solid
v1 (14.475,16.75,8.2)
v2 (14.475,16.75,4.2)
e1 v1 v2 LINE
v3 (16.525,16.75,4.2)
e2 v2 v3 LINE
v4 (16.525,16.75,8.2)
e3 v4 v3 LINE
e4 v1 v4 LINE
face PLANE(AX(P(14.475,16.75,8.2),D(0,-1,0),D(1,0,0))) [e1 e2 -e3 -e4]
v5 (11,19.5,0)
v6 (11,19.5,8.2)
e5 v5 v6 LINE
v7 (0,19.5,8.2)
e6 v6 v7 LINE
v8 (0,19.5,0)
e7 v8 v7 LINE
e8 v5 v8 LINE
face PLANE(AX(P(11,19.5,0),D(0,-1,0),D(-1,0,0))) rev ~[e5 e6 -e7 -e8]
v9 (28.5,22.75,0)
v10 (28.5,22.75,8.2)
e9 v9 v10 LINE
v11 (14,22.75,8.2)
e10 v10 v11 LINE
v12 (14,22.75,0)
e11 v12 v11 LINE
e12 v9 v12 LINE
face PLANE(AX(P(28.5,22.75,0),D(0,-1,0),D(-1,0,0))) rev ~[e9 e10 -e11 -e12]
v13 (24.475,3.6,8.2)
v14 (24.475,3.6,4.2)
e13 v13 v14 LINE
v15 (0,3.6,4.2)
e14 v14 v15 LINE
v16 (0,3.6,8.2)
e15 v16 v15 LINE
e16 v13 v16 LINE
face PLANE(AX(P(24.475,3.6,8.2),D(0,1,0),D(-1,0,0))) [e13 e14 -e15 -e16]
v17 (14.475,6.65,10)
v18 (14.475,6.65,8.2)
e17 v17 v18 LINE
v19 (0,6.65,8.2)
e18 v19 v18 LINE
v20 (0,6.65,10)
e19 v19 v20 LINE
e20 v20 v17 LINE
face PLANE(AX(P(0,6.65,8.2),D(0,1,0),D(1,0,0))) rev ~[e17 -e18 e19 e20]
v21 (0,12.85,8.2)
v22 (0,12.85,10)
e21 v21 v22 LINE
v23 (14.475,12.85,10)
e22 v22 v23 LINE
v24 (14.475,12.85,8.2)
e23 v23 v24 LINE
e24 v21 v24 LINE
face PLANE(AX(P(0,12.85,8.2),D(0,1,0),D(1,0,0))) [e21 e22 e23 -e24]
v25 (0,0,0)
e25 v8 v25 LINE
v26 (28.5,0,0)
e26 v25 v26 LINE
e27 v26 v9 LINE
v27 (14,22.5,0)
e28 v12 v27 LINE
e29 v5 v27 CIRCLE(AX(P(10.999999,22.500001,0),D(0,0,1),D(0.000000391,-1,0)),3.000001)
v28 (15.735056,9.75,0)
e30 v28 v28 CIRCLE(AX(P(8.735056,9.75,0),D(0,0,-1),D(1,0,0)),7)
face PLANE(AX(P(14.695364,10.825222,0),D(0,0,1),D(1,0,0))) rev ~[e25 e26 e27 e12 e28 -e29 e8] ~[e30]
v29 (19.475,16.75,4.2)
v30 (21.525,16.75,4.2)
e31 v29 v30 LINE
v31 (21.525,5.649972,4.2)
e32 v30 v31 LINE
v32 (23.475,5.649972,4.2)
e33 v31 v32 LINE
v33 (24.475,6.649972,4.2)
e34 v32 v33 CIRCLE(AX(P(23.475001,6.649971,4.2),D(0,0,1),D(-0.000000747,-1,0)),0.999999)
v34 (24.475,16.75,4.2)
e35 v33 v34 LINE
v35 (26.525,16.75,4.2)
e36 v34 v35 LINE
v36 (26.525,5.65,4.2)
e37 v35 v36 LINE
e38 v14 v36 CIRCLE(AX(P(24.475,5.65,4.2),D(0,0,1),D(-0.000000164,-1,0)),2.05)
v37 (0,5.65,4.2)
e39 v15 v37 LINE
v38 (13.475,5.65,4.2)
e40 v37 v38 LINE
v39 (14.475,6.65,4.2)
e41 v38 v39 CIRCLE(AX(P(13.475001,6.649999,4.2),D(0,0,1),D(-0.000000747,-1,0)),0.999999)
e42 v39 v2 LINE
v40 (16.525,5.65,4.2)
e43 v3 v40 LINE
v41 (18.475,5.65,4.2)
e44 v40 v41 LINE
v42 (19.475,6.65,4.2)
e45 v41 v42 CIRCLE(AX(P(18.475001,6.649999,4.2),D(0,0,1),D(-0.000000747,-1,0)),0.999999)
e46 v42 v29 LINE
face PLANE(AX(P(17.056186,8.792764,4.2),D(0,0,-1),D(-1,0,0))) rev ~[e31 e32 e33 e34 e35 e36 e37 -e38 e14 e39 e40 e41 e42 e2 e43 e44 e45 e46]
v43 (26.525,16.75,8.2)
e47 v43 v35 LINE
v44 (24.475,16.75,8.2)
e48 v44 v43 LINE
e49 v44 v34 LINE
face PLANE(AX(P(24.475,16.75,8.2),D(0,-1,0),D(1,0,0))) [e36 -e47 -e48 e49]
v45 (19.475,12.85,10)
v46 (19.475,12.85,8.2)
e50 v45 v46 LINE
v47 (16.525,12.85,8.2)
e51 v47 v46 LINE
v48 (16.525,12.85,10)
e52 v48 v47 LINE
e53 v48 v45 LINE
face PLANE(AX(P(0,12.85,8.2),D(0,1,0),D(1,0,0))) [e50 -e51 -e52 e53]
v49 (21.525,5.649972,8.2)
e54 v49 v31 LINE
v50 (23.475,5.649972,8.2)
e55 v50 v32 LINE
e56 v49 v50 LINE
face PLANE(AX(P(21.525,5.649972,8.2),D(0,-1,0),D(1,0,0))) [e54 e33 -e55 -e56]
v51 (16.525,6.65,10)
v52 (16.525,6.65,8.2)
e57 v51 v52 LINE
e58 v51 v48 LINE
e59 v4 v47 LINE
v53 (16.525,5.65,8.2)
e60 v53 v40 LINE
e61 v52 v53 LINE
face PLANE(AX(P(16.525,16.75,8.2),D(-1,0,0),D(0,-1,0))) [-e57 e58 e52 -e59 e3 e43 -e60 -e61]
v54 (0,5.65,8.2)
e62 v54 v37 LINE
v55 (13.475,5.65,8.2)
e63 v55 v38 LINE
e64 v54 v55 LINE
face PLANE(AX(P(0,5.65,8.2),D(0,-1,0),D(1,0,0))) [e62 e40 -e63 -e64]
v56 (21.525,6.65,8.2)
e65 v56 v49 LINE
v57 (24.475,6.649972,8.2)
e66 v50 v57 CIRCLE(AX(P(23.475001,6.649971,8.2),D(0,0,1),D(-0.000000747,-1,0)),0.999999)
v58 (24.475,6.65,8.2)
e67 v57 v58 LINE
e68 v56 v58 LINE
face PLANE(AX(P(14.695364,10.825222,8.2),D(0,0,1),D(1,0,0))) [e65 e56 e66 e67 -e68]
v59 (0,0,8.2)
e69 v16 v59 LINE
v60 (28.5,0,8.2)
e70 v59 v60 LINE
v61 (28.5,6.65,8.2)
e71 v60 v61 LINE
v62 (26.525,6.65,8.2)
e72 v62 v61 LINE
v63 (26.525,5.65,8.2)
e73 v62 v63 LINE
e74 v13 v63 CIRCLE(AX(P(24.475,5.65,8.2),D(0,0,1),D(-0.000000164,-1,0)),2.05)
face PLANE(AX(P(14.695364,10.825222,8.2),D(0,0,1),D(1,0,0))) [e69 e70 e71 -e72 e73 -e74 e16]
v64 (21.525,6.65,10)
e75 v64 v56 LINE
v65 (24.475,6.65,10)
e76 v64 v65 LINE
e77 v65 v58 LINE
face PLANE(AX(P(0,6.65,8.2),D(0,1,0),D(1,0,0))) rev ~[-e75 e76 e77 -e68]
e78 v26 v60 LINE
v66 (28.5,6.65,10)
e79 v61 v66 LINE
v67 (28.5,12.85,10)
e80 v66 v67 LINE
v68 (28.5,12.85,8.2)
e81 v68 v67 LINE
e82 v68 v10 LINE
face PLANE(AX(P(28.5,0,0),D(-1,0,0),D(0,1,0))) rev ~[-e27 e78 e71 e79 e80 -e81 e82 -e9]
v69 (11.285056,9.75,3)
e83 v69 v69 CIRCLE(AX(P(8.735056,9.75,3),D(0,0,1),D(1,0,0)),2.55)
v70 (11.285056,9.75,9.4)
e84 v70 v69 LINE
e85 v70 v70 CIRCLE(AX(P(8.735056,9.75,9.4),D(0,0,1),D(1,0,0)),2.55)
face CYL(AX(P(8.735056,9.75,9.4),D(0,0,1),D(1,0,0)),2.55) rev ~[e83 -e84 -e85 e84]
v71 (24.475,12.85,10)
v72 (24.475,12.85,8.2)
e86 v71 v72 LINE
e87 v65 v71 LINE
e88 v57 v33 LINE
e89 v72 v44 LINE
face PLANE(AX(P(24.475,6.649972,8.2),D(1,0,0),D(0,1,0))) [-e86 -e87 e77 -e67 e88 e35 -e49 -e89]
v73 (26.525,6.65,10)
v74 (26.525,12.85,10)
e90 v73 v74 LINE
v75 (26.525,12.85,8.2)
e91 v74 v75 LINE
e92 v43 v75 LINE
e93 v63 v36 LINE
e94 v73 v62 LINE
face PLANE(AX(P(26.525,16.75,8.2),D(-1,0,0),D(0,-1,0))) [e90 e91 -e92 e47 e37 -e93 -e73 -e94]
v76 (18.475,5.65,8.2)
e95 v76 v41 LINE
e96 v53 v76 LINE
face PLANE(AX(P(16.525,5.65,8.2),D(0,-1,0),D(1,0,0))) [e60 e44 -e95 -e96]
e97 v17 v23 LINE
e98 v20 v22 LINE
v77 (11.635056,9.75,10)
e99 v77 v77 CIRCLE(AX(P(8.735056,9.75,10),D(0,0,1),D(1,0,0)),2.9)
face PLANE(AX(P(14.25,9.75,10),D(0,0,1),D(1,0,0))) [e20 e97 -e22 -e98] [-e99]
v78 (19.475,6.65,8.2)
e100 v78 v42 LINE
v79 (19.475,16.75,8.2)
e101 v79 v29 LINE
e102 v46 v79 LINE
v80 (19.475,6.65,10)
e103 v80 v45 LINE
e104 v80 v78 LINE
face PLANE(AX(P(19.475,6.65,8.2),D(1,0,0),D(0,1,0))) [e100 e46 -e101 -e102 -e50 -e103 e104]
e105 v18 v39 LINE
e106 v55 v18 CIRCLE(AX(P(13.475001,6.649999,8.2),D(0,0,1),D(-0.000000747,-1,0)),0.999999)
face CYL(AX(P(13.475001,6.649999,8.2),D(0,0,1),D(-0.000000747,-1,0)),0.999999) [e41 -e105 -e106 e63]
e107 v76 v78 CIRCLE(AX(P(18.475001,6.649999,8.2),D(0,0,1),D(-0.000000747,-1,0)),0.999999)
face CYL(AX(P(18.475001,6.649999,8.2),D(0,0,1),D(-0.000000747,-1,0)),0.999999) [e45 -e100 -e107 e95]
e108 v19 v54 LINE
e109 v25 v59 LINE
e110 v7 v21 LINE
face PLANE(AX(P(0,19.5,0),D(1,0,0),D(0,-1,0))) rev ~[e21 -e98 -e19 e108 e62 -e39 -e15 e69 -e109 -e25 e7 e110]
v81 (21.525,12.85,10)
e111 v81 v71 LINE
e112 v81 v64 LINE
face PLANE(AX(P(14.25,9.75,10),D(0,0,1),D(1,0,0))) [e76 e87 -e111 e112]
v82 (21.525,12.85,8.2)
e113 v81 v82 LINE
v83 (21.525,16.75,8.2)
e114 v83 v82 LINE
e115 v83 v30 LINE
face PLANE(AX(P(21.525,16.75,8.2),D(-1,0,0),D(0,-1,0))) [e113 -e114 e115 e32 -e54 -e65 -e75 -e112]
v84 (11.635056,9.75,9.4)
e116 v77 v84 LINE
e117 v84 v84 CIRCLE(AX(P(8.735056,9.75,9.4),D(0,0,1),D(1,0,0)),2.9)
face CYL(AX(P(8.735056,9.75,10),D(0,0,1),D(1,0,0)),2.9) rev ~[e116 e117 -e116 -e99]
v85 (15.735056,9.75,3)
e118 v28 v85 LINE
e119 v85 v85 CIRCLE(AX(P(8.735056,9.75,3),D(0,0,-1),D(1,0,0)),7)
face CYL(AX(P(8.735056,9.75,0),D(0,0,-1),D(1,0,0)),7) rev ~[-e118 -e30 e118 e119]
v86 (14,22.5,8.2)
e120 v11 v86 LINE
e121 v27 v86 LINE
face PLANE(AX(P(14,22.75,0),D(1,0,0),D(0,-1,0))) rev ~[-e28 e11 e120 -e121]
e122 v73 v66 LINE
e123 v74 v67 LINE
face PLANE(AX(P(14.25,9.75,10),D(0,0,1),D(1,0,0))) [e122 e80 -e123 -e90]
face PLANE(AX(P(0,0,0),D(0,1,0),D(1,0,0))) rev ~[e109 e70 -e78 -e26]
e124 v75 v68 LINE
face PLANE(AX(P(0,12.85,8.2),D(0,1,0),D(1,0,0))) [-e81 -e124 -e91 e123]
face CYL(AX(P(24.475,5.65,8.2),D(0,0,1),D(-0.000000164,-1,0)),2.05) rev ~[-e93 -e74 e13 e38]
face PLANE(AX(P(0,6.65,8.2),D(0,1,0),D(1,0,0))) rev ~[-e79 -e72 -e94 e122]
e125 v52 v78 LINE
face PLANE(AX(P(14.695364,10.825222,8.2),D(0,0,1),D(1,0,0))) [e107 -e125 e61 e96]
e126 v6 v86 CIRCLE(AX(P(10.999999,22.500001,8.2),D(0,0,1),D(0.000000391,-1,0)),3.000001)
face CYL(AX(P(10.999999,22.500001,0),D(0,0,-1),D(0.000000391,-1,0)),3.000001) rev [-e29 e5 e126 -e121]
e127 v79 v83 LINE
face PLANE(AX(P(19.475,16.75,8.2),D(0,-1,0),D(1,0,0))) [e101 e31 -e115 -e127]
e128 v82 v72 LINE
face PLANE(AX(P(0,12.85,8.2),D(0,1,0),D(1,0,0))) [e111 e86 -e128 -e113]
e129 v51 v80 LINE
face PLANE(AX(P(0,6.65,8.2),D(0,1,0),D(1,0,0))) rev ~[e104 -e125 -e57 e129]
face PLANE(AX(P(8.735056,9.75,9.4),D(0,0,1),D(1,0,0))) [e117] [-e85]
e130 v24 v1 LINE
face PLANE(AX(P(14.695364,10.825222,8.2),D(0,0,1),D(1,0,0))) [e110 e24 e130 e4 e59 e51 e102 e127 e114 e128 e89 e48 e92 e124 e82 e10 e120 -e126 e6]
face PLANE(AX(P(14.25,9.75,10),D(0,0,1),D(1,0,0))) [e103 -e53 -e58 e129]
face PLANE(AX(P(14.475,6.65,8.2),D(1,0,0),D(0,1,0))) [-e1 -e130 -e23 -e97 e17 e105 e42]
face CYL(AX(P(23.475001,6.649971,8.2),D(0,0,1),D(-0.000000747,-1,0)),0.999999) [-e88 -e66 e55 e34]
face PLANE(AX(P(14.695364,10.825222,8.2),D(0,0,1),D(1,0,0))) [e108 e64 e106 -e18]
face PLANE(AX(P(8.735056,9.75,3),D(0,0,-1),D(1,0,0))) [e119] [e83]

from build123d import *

# Parameters (mm, degrees)
PAD004_DEPTH    = 8.2
SKETCH014_W     = 28.5
SKETCH014_H     = 6.2
PAD005_DEPTH    = 1.8
SKETCH015_R     = 2.9
POCKET004_DEPTH = 0.6
SKETCH016_W     = 2.05
SKETCH016_H     = 6.2
POCKET005_DEPTH = 1.8
POCKET006_DEPTH = 4
SKETCH019_R     = 2.55
POCKET008_DEPTH = 7.5
SKETCH020_R     = 7
POCKET_DEPTH    = 3


with BuildPart() as part:
    # Sketch013 → Pad004 (new body)
    with BuildSketch(Plane.XY):
        with BuildLine():
            Line((0, 0), (28.5, 0))
            Line((28.5, 0), (28.5, 22.75))
            Line((28.5, 22.75), (14, 22.75))
            Line((14, 22.75), (14, 22.5))
            ThreePointArc((11, 19.5), (13.12132, 20.37868), (14, 22.5))
            Line((11, 19.5), (0, 19.5))
            Line((0, 19.5), (0, 0))
        make_face()
    extrude(amount=PAD004_DEPTH)

    # Sketch014 (on Face9 of Pad004) → Pad005 (join)
    with BuildSketch(Plane.XY.offset(8.2)):
        with Locations((14.25, 9.75)):
            Rectangle(SKETCH014_W, SKETCH014_H)
    extrude(amount=PAD005_DEPTH)

    # Sketch015 (on Face11 of Pad005) → Pocket004 (cut)
    with BuildSketch(Plane.XY.offset(10)):
        with Locations((8.735056, 9.75)):
            Circle(SKETCH015_R)
    extrude(amount=-POCKET004_DEPTH, mode=Mode.SUBTRACT)

    # Sketch016 (on Face10 of Pocket004) → Pocket005 (cut)
    with BuildSketch(Plane.XY.offset(10)):
        with Locations((15.5, 9.75)):
            Rectangle(SKETCH016_W, SKETCH016_H)
        Polygon((21.525, 12.85), (21.525, 6.65), (19.475, 6.65), (19.475, 12.85), (20.5, 12.85), align=None)
        with Locations((25.5, 9.75)):
            Rectangle(SKETCH016_W, SKETCH016_H)
    extrude(amount=-POCKET005_DEPTH, mode=Mode.SUBTRACT)

    # Sketch017 (on Face19 of Clone) → Pocket006 (cut)
    with BuildSketch(Plane.XY.offset(8.2)):
        with BuildLine():
            Line((0, 5.65), (13.475, 5.65))
            ThreePointArc((13.475, 5.65), (14.182107, 5.942893), (14.475, 6.65))
            Line((14.475, 6.65), (14.475, 16.75))
            Line((14.475, 16.75), (16.525, 16.75))
            Line((16.525, 16.75), (16.525, 5.65))
            Line((16.525, 5.65), (18.475, 5.65))
            ThreePointArc((18.475, 5.65), (19.182107, 5.942893), (19.475, 6.65))
            Line((19.475, 6.65), (19.475, 16.75))
            Line((19.475, 16.75), (21.525, 16.75))
            Line((21.525, 16.75), (21.525, 5.649972))
            Line((21.525, 5.649972), (23.475, 5.649972))
            ThreePointArc((23.475, 5.649972), (24.182107, 5.942865), (24.475, 6.649972))
            Line((24.475, 6.649972), (24.475, 16.75))
            Line((24.475, 16.75), (26.525, 16.75))
            Line((26.525, 16.75), (26.525, 5.65))
            ThreePointArc((24.475, 3.6), (25.924569, 4.200431), (26.525, 5.65))
            Line((24.475, 3.6), (0, 3.6))
            Line((0, 3.6), (0, 5.65))
        make_face()
    extrude(amount=-POCKET006_DEPTH, mode=Mode.SUBTRACT)

    # Sketch019 (on Face37 of Pocket006) → Pocket008 (cut)
    with BuildSketch(Plane.XY.offset(9.4)):
        with Locations((8.735056, 9.75)):
            Circle(SKETCH019_R)
    extrude(amount=-POCKET008_DEPTH, mode=Mode.SUBTRACT)

    # Sketch020 (on Face4 of Pocket008) → Pocket (cut)
    with BuildSketch(Plane(origin=(0, 0, 0), x_dir=(1, 0, 0), z_dir=(0, 0, -1))):
        with Locations((8.735056, -9.75)):
            Circle(SKETCH020_R)
    extrude(amount=-POCKET_DEPTH, mode=Mode.SUBTRACT)


solid = part.part
